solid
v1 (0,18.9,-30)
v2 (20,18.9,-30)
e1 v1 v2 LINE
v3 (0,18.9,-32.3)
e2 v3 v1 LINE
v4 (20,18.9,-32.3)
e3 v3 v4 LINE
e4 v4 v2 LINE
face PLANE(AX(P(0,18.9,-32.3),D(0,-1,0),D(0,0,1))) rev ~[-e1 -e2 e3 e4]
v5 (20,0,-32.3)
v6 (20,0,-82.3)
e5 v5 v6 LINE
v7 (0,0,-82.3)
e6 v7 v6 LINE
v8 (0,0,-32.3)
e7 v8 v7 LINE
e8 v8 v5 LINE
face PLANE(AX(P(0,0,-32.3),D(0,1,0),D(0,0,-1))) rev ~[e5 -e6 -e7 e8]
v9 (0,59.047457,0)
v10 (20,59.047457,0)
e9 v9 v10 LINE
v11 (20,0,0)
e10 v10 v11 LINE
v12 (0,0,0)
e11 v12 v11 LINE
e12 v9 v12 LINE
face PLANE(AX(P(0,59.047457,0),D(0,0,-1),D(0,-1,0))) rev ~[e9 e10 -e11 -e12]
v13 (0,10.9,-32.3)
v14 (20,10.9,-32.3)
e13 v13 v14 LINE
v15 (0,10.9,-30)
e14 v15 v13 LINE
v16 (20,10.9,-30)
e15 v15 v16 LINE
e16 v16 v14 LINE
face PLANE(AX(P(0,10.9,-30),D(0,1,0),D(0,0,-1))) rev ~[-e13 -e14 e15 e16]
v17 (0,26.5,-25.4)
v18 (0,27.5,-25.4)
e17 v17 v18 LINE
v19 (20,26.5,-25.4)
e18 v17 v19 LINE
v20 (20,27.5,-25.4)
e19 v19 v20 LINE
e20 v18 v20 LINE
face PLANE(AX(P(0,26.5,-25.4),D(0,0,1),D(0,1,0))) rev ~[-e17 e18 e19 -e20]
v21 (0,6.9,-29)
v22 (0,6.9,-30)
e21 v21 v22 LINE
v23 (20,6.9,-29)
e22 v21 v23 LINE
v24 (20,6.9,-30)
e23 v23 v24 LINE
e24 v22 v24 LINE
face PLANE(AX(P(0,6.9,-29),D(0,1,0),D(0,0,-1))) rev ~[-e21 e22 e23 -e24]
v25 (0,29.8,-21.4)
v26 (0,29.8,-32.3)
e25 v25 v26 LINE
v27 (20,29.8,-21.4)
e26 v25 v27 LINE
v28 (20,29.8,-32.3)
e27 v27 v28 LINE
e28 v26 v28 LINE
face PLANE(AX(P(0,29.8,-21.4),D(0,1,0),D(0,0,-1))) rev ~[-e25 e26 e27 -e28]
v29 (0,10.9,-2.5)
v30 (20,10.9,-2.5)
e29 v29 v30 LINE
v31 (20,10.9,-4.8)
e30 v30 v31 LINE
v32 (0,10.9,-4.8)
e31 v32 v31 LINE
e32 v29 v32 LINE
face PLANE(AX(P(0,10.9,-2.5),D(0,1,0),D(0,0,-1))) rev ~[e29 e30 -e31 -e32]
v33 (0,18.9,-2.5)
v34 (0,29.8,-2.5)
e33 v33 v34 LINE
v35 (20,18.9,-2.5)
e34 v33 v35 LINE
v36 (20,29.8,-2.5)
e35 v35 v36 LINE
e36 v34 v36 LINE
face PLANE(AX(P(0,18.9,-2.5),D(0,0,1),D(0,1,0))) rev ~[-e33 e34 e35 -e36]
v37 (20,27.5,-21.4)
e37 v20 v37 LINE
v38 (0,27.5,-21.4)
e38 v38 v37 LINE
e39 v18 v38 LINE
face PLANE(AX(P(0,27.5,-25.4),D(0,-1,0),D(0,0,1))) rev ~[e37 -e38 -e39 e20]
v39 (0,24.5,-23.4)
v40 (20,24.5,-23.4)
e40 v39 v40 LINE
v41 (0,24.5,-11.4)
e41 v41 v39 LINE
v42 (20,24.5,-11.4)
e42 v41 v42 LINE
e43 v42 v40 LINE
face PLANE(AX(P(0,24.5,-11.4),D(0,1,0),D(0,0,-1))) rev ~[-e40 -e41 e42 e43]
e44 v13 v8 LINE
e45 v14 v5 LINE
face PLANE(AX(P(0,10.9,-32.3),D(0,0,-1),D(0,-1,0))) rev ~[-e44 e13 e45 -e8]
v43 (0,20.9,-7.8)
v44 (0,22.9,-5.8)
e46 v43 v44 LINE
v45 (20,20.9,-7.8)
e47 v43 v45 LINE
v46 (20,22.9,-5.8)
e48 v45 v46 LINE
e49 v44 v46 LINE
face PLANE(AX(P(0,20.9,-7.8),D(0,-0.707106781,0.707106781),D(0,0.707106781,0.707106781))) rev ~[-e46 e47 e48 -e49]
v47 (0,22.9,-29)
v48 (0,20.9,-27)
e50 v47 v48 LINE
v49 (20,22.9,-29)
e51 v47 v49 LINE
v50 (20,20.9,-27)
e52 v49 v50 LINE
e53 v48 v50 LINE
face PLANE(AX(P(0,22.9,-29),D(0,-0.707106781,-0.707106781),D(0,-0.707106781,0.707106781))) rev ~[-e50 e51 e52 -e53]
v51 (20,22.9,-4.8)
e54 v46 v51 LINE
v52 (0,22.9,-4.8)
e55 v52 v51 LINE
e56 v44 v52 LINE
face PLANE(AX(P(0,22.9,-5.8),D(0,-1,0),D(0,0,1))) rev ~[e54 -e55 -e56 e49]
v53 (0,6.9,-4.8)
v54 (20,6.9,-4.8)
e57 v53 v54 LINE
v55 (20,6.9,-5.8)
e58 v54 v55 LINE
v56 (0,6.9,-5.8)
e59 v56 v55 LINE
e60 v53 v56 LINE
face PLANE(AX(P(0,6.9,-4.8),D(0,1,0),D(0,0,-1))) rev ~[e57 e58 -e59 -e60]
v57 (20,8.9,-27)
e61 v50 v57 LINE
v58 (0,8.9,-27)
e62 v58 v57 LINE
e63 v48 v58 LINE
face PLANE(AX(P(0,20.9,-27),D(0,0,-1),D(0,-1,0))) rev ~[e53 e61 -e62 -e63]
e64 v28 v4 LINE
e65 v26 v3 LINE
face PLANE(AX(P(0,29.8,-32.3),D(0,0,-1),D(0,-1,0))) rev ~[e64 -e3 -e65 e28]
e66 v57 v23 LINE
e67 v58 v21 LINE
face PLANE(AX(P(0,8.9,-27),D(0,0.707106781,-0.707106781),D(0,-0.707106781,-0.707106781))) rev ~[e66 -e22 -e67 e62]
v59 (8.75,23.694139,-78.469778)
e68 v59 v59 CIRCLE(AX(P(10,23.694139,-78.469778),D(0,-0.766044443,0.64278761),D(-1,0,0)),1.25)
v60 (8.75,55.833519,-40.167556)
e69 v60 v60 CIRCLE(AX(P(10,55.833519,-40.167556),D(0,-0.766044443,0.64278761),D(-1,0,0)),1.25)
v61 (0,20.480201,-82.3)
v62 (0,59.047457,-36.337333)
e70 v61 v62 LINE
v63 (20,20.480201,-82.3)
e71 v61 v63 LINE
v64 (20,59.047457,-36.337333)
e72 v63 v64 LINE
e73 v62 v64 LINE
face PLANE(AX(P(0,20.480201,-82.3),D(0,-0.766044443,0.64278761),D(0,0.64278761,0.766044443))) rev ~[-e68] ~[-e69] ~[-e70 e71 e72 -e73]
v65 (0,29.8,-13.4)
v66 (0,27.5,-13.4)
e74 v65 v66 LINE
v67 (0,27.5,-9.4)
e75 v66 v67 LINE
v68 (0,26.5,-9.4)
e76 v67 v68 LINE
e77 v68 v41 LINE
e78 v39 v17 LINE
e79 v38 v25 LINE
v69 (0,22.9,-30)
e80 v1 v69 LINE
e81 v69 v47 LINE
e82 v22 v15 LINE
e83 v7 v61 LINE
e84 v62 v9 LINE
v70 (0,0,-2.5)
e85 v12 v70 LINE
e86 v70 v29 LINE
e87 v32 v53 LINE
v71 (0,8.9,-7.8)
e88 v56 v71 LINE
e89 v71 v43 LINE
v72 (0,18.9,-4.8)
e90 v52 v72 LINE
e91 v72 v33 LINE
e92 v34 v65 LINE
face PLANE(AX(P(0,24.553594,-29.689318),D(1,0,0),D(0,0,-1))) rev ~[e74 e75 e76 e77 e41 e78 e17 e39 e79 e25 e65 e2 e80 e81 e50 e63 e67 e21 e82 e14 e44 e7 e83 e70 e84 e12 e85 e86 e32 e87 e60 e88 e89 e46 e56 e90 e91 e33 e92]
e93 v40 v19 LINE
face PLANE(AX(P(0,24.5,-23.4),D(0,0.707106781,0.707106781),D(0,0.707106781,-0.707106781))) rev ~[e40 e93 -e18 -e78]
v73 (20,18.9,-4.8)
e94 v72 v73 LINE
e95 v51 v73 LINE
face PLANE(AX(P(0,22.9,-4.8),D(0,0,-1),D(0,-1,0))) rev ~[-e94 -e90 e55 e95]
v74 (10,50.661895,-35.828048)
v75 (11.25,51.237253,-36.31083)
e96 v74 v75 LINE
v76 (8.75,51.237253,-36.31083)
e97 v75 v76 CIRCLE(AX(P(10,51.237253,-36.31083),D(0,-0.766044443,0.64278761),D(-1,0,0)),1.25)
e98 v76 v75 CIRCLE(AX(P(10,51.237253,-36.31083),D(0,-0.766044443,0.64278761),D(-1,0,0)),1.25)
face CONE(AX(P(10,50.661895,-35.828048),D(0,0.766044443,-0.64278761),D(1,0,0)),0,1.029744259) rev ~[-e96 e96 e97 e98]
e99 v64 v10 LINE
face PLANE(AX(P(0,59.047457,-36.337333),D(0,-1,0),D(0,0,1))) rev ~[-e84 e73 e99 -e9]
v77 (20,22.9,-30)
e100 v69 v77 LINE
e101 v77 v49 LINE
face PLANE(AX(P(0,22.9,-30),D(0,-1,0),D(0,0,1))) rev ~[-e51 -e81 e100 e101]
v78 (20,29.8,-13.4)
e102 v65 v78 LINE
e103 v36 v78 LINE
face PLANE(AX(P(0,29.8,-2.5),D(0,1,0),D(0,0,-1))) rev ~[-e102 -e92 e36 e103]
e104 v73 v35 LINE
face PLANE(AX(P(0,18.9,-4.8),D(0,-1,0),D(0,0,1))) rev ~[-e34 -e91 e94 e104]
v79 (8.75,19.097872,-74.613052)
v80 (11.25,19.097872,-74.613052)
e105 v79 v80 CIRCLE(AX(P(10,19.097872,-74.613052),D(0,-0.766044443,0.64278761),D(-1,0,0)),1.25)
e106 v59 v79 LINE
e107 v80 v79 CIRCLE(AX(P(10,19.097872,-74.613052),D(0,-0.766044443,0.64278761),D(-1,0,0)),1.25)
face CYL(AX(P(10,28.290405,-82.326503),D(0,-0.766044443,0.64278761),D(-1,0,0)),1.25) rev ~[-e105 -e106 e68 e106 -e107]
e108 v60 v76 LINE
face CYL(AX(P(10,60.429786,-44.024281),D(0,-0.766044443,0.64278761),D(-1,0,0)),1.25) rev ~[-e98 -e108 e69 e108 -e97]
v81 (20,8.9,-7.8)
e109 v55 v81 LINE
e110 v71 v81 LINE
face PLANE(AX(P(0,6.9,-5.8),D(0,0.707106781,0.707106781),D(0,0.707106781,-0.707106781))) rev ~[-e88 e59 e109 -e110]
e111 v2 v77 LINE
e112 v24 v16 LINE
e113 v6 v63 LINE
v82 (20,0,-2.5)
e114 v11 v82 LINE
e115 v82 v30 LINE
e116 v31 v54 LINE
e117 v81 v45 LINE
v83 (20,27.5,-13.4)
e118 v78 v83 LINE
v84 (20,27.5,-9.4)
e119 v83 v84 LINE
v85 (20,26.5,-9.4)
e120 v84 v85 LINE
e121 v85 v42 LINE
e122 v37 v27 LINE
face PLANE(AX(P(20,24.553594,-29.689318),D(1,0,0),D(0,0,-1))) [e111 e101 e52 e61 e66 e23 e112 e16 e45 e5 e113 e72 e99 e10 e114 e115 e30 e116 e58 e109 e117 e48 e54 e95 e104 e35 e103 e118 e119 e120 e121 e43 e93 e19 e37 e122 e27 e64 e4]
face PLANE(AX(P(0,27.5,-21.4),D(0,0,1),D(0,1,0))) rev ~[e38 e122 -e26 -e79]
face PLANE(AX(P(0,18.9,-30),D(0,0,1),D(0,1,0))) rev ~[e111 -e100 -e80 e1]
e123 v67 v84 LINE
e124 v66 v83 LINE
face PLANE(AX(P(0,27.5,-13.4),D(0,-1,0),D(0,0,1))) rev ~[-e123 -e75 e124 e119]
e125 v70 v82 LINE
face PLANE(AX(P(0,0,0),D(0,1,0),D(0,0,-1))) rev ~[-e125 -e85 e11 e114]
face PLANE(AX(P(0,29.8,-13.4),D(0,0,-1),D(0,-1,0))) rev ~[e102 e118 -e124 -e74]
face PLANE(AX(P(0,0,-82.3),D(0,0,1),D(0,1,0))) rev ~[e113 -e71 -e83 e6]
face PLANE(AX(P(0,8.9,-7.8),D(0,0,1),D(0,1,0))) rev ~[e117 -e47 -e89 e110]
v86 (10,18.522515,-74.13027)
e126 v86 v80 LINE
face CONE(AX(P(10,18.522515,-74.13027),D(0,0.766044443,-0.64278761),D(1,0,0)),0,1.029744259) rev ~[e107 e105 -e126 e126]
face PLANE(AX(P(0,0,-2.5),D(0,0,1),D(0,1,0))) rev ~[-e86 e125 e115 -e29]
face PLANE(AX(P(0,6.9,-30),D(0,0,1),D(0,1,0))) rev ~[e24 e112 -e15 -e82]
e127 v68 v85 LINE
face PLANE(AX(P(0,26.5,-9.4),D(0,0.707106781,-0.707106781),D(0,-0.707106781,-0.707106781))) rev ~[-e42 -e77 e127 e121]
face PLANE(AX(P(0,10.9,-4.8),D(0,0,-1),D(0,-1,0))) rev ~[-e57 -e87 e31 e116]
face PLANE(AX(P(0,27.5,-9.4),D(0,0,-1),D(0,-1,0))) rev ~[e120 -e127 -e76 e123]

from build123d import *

# Parameters (mm, degrees)
BOSS_EXTRU_1_DEPTH                            = 20
TROU_POUR_TARAUDAGE_POUR_TROU_TARAUD_M3_D     = 2.5
TROU_POUR_TARAUDAGE_POUR_TROU_TARAUD_M3_DEPTH = 6
TROU_POUR_TARAUDAGE_POUR_TROU_TARAUD_M3_TIP   = 0.751075774


with BuildPart() as part:
    # Esquisse1 → Boss.-Extru.1 (new body)
    with BuildSketch(Plane(origin=(0, 0, 0), x_dir=(0, 0, -1), z_dir=(1, 0, 0))):
        Polygon((4.8, 18.9), (2.5, 18.9), (2.5, 29.8), (13.4, 29.8), (13.4, 27.5), (9.4, 27.5), (9.4, 26.5), (11.4, 24.5), (23.4, 24.5), (25.4, 26.5), (25.4, 27.5), (21.4, 27.5), (21.4, 29.8), (32.3, 29.8), (32.3, 18.9), (30, 18.9), (30, 22.9), (29, 22.9), (27, 20.9), (27, 8.9), (29, 6.9), (30, 6.9), (30, 10.9), (32.3, 10.9), (32.3, 0), (82.3, 0), (82.3, 20.480200674), (36.337333413, 59.047457256), (0, 59.047457256), (0, 0), (2.5, 0), (2.5, 10.9), (4.8, 10.9), (4.8, 6.9), (5.8, 6.9), (7.8, 8.9), (7.8, 20.9), (5.8, 22.9), (4.8, 22.9), align=None)
    extrude(amount=BOSS_EXTRU_1_DEPTH)

    # Trou pour taraudage pour trou taraudé M3x0.51
    with Locations(Plane(origin=(0, 52.543114136, -44.088907693), x_dir=(1, 0, 0), z_dir=(0, 0.7660444431189818, -0.6427876096865348))):
        with Locations((10, -5.118961569), (10, 44.881038431)):
            Hole(TROU_POUR_TARAUDAGE_POUR_TROU_TARAUD_M3_D / 2, depth=TROU_POUR_TARAUDAGE_POUR_TROU_TARAUD_M3_DEPTH)
            with Locations((0, 0, -(TROU_POUR_TARAUDAGE_POUR_TROU_TARAUD_M3_DEPTH + TROU_POUR_TARAUDAGE_POUR_TROU_TARAUD_M3_TIP / 2))):  # 118° drill point
                Cone(0, TROU_POUR_TARAUDAGE_POUR_TROU_TARAUD_M3_D / 2, TROU_POUR_TARAUDAGE_POUR_TROU_TARAUD_M3_TIP, mode=Mode.SUBTRACT)


solid = part.part
